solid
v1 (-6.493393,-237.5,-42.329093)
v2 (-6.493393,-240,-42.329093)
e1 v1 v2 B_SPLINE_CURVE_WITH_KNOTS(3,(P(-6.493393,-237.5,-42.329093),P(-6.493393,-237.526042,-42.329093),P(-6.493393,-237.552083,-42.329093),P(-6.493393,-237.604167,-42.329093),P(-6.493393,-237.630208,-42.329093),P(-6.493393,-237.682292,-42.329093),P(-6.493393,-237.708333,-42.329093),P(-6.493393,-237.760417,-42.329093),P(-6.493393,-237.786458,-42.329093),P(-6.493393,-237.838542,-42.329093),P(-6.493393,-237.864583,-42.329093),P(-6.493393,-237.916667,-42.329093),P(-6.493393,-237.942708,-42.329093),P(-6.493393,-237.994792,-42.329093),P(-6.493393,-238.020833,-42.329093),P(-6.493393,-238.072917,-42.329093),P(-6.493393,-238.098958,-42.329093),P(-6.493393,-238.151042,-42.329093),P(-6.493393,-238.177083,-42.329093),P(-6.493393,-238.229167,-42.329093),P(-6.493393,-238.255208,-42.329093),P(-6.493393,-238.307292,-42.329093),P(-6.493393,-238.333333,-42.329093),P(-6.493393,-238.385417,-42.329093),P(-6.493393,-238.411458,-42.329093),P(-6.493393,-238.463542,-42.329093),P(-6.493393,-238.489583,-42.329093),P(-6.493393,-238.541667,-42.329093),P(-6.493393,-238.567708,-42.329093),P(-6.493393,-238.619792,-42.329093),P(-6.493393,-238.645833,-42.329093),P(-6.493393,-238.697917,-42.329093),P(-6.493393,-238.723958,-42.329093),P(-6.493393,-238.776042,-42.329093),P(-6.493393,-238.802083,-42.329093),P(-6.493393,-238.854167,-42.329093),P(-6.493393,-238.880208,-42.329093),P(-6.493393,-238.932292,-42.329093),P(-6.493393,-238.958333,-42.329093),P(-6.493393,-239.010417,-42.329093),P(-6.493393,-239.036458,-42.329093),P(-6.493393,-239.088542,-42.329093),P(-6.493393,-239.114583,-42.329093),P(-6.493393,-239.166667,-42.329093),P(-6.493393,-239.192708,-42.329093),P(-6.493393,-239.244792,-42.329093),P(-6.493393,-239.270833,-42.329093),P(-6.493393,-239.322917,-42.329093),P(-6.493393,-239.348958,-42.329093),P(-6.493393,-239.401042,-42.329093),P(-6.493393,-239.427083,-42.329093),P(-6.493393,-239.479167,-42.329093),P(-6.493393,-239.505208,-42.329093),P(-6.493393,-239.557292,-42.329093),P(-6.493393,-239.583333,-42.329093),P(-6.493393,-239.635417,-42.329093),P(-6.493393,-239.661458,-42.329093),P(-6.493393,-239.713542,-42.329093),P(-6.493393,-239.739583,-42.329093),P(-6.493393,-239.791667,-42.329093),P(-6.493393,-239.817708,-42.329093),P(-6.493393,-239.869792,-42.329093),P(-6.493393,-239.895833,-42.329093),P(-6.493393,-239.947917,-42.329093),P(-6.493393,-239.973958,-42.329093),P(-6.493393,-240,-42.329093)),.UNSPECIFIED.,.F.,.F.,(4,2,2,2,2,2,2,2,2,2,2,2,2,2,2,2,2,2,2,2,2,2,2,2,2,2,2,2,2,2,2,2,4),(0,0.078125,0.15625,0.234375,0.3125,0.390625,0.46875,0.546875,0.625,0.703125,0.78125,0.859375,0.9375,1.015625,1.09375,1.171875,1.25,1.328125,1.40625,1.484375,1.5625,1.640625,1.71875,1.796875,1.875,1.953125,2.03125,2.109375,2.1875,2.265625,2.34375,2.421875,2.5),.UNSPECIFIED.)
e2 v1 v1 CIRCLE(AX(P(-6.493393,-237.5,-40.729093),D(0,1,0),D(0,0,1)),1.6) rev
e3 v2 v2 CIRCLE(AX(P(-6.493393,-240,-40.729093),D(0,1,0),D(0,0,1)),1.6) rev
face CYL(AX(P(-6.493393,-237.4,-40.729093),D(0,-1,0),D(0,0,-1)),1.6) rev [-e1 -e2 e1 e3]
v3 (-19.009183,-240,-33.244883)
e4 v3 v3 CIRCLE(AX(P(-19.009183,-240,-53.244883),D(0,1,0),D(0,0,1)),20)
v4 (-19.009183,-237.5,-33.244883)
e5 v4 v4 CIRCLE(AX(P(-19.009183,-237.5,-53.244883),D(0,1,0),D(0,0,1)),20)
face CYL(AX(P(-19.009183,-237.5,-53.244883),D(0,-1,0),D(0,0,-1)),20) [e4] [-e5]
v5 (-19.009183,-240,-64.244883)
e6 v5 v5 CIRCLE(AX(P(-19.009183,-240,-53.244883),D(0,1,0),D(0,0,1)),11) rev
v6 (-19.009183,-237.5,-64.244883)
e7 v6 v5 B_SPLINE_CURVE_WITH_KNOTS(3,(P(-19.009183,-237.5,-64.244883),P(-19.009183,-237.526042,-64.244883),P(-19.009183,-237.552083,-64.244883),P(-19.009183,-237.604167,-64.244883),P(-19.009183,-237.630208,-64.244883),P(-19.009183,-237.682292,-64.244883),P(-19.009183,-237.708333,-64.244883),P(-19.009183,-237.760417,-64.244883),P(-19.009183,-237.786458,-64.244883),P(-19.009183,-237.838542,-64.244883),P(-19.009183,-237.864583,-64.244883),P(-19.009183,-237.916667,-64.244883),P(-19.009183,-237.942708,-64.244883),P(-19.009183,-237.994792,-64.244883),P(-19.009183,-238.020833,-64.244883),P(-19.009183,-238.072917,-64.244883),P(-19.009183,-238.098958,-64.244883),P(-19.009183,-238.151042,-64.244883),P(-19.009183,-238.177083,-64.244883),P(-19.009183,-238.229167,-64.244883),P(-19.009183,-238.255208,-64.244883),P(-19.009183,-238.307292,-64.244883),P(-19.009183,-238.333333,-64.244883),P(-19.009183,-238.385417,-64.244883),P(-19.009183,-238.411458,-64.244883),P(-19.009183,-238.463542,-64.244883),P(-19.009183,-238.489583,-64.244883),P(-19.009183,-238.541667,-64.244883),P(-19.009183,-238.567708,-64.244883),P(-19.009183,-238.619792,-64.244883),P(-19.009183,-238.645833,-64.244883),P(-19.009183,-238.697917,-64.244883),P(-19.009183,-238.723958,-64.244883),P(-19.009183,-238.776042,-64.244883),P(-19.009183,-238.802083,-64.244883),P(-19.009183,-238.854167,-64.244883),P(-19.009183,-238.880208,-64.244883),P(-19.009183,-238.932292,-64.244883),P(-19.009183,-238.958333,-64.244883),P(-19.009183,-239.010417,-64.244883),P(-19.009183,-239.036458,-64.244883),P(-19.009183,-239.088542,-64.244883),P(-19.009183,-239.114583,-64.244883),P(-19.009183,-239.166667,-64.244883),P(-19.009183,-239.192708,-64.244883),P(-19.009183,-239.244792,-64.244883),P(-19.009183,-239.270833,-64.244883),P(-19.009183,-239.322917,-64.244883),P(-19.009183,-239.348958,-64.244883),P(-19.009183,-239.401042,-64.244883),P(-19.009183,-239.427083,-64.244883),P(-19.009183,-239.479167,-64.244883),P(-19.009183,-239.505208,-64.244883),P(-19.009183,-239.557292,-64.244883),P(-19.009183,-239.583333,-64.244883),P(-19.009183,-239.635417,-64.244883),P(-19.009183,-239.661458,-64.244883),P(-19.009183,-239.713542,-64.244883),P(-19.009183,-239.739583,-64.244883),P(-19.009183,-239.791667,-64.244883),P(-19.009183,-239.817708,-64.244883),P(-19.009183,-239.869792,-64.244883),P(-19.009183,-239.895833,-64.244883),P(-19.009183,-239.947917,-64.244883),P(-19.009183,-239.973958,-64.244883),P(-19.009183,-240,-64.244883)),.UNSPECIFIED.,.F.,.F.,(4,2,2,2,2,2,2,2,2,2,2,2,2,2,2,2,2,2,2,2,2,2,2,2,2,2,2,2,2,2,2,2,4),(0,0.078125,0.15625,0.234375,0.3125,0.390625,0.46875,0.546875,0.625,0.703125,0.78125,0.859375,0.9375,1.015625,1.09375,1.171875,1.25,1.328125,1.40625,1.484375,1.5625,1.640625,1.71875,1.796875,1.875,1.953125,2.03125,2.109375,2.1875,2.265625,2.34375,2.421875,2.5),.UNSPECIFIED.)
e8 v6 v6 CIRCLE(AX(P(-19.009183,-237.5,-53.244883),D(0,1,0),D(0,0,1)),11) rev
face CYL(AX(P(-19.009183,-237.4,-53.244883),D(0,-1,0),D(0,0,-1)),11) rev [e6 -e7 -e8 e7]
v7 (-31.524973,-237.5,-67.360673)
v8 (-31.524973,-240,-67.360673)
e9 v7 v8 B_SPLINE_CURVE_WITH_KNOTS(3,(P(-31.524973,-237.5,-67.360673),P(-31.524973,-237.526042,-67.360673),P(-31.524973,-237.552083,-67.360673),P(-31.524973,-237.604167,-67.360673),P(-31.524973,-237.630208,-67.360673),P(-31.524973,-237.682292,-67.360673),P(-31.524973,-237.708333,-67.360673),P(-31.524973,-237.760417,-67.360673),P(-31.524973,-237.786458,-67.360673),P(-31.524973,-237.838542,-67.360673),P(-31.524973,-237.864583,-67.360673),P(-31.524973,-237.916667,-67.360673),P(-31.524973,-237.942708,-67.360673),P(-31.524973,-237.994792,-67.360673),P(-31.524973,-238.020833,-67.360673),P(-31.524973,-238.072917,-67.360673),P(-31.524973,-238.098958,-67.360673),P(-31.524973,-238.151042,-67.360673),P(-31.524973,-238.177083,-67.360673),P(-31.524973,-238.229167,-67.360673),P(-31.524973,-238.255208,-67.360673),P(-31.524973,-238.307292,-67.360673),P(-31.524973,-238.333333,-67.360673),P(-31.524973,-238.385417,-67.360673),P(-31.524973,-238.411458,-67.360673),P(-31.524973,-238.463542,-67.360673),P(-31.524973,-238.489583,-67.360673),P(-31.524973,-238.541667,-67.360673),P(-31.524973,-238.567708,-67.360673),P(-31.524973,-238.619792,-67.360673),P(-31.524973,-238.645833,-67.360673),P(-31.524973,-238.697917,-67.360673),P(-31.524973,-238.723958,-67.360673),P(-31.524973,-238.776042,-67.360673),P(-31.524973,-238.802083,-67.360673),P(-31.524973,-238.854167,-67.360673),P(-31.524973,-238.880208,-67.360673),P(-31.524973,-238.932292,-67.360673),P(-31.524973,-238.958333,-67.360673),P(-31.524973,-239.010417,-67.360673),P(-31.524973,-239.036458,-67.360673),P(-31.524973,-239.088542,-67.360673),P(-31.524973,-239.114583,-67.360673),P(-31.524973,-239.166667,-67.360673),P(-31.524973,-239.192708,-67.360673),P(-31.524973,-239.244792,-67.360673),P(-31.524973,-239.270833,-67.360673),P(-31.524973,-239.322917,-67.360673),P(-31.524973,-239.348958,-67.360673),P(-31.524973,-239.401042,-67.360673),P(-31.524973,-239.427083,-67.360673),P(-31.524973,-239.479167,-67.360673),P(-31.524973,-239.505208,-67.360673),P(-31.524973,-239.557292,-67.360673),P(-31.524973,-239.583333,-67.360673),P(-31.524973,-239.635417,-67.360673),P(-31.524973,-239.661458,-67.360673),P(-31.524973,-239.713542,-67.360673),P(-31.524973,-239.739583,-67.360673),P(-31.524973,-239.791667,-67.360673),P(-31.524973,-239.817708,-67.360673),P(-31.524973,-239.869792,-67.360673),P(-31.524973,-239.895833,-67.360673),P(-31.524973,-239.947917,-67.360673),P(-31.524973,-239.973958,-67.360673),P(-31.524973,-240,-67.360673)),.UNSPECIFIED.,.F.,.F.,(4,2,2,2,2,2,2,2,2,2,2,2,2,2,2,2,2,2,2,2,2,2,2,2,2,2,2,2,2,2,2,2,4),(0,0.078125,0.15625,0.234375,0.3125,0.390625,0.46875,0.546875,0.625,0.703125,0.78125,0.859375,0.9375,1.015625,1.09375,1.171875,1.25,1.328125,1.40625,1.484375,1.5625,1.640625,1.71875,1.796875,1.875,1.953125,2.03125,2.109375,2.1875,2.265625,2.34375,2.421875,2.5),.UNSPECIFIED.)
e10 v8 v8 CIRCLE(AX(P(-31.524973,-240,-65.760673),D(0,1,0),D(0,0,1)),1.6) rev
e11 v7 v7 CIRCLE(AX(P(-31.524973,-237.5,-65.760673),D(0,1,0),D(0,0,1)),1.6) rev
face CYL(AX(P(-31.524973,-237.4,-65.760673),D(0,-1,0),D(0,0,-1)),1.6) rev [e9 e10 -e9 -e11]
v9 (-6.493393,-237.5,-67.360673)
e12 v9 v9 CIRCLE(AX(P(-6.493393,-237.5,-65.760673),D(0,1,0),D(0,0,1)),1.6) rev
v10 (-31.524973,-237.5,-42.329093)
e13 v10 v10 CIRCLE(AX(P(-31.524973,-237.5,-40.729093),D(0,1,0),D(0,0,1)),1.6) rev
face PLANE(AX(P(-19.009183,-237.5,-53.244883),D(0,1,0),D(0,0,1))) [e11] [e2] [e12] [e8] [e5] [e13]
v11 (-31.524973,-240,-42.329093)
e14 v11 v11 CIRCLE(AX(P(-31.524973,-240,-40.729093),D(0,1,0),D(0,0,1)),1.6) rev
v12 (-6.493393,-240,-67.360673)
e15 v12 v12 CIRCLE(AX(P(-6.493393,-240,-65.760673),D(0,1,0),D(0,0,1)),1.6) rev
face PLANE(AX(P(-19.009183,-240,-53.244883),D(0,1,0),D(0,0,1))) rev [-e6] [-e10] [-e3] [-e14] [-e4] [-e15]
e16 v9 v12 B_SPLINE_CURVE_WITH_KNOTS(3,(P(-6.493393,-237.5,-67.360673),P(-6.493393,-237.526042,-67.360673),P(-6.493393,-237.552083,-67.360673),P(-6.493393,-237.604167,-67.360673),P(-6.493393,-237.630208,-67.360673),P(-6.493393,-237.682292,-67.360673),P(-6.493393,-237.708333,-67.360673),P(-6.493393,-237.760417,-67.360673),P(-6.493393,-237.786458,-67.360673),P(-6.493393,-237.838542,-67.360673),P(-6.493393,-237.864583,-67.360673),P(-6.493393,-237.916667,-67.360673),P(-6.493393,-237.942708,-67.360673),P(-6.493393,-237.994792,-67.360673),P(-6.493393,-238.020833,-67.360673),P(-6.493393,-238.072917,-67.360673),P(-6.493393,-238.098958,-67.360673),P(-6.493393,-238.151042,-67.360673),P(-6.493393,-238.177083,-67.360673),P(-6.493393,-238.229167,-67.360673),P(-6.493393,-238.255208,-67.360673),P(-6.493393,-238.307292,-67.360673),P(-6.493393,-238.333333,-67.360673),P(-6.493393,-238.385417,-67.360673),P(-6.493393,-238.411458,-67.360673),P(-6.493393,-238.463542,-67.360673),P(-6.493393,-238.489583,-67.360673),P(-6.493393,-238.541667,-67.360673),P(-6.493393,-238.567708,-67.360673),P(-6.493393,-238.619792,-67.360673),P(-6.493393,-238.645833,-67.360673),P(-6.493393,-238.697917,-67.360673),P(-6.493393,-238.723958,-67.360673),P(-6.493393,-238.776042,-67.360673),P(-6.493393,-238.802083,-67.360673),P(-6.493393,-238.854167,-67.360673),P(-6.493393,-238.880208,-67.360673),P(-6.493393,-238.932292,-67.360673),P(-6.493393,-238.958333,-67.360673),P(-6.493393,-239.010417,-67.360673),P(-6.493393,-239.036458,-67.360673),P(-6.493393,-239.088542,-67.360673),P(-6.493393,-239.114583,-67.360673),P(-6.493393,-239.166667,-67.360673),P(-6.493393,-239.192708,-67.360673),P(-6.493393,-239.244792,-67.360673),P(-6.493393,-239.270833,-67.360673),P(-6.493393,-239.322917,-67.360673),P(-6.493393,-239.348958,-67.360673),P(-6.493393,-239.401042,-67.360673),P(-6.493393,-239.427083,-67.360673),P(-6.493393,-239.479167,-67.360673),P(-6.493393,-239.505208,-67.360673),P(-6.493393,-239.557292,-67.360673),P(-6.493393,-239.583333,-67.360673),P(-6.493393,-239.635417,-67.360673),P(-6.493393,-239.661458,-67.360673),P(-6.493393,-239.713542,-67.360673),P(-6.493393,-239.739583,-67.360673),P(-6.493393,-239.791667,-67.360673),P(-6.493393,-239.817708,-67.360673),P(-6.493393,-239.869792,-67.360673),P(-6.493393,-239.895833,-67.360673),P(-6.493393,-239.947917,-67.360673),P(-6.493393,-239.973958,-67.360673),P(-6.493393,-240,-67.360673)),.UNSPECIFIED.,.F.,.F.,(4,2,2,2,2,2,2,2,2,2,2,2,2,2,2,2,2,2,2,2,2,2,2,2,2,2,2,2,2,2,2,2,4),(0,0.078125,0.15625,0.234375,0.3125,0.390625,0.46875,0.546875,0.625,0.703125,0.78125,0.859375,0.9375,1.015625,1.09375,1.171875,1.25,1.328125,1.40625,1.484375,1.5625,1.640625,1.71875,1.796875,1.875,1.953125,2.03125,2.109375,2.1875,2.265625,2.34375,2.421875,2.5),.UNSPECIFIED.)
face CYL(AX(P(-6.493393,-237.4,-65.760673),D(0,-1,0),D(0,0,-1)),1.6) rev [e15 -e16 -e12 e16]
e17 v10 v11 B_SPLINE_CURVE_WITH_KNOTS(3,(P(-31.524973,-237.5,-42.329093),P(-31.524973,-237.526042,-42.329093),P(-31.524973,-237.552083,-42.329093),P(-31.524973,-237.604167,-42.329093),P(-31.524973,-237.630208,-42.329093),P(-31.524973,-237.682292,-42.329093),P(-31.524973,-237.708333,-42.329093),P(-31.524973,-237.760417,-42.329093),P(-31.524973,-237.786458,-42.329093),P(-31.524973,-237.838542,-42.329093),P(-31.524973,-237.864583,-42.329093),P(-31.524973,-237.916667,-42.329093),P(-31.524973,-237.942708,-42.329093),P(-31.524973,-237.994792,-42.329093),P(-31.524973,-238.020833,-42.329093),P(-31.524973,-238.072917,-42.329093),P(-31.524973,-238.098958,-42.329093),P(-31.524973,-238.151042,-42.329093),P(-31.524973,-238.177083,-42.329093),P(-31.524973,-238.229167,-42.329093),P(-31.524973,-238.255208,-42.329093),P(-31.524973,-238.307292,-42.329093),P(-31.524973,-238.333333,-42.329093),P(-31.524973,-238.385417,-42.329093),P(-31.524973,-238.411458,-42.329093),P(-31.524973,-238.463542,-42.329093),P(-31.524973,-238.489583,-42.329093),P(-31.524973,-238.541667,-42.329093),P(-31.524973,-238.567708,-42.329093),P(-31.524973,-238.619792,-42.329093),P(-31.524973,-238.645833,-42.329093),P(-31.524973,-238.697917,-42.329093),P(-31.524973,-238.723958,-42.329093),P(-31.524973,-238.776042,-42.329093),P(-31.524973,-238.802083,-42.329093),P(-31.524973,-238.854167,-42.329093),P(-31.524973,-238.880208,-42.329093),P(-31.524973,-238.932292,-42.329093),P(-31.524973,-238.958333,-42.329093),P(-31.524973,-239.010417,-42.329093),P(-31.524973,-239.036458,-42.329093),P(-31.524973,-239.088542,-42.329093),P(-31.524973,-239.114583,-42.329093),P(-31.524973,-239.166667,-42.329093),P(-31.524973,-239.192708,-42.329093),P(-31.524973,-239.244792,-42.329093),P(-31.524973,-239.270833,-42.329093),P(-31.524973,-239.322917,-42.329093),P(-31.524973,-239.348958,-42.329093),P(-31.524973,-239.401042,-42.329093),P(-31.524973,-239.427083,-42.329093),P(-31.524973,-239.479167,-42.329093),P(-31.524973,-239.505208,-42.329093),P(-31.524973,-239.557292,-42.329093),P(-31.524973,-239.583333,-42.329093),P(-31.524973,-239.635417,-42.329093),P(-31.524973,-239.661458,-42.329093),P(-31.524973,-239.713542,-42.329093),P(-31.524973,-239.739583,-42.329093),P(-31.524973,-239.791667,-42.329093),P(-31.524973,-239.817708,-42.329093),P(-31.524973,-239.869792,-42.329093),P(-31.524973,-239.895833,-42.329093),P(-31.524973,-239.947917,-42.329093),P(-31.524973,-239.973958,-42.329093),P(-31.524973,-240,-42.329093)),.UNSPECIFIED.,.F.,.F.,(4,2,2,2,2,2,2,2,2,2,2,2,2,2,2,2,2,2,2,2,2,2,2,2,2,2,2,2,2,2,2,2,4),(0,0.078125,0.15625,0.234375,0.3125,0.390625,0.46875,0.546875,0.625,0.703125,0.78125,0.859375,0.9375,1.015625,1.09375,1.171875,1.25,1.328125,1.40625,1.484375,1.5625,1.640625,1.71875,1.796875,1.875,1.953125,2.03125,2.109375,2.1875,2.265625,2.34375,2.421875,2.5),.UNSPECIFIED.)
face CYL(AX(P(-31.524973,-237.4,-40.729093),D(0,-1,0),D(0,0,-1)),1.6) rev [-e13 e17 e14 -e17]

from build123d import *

# Parameters (mm, degrees)
CAP_DISC_SKETCH_R                   = 20
CAP_DISC_DEPTH                      = 2.5
SHAFT_AND_SPACER_CLEARANCE_SKETCH_R = 11
SHAFT_AND_SPACER_CLEARANCE_DEPTH    = 2.7
M3_CAP_CLEARANCE_PATTERN_SKETCH_R   = 1.6
M3_CAP_CLEARANCE_PATTERN_DEPTH      = 2.7


with BuildPart() as part:
    # Cap disc sketch → Cap disc (new body)
    with BuildSketch(Plane(origin=(0, -240, 0), x_dir=(1, 0, 0), z_dir=(0, 1, 0))):
        with Locations(Location((-19.009182883, 53.244882879, 0), (0, 0, 270))):
            Circle(CAP_DISC_SKETCH_R)
    extrude(amount=CAP_DISC_DEPTH)

    # Shaft and spacer clearance sketch → Shaft and spacer clearance (cut)
    with BuildSketch(Plane(origin=(0, -240.1, 0), x_dir=(1, 0, 0), z_dir=(0, 1, 0))):
        with Locations(Location((-19.009182883, 53.244882879, 0), (0, 0, 90))):
            Circle(SHAFT_AND_SPACER_CLEARANCE_SKETCH_R)
    extrude(amount=SHAFT_AND_SPACER_CLEARANCE_DEPTH, mode=Mode.SUBTRACT)

    # M3 cap clearance pattern sketch → M3 cap clearance pattern (cut)
    with BuildSketch(Plane(origin=(0, -240.1, 0), x_dir=(1, 0, 0), z_dir=(0, 1, 0))):
        with Locations(Location((-6.493392856, 40.729092852, 0), (0, 0, 90))):
            Circle(M3_CAP_CLEARANCE_PATTERN_SKETCH_R)
        with Locations(Location((-31.52497291, 40.729092852, 0), (0, 0, 90))):
            Circle(M3_CAP_CLEARANCE_PATTERN_SKETCH_R)
        with Locations(Location((-31.52497291, 65.760672906, 0), (0, 0, 90))):
            Circle(M3_CAP_CLEARANCE_PATTERN_SKETCH_R)
        with Locations(Location((-6.493392856, 65.760672906, 0), (0, 0, 90))):
            Circle(M3_CAP_CLEARANCE_PATTERN_SKETCH_R)
    extrude(amount=M3_CAP_CLEARANCE_PATTERN_DEPTH, mode=Mode.SUBTRACT)


solid = part.part
